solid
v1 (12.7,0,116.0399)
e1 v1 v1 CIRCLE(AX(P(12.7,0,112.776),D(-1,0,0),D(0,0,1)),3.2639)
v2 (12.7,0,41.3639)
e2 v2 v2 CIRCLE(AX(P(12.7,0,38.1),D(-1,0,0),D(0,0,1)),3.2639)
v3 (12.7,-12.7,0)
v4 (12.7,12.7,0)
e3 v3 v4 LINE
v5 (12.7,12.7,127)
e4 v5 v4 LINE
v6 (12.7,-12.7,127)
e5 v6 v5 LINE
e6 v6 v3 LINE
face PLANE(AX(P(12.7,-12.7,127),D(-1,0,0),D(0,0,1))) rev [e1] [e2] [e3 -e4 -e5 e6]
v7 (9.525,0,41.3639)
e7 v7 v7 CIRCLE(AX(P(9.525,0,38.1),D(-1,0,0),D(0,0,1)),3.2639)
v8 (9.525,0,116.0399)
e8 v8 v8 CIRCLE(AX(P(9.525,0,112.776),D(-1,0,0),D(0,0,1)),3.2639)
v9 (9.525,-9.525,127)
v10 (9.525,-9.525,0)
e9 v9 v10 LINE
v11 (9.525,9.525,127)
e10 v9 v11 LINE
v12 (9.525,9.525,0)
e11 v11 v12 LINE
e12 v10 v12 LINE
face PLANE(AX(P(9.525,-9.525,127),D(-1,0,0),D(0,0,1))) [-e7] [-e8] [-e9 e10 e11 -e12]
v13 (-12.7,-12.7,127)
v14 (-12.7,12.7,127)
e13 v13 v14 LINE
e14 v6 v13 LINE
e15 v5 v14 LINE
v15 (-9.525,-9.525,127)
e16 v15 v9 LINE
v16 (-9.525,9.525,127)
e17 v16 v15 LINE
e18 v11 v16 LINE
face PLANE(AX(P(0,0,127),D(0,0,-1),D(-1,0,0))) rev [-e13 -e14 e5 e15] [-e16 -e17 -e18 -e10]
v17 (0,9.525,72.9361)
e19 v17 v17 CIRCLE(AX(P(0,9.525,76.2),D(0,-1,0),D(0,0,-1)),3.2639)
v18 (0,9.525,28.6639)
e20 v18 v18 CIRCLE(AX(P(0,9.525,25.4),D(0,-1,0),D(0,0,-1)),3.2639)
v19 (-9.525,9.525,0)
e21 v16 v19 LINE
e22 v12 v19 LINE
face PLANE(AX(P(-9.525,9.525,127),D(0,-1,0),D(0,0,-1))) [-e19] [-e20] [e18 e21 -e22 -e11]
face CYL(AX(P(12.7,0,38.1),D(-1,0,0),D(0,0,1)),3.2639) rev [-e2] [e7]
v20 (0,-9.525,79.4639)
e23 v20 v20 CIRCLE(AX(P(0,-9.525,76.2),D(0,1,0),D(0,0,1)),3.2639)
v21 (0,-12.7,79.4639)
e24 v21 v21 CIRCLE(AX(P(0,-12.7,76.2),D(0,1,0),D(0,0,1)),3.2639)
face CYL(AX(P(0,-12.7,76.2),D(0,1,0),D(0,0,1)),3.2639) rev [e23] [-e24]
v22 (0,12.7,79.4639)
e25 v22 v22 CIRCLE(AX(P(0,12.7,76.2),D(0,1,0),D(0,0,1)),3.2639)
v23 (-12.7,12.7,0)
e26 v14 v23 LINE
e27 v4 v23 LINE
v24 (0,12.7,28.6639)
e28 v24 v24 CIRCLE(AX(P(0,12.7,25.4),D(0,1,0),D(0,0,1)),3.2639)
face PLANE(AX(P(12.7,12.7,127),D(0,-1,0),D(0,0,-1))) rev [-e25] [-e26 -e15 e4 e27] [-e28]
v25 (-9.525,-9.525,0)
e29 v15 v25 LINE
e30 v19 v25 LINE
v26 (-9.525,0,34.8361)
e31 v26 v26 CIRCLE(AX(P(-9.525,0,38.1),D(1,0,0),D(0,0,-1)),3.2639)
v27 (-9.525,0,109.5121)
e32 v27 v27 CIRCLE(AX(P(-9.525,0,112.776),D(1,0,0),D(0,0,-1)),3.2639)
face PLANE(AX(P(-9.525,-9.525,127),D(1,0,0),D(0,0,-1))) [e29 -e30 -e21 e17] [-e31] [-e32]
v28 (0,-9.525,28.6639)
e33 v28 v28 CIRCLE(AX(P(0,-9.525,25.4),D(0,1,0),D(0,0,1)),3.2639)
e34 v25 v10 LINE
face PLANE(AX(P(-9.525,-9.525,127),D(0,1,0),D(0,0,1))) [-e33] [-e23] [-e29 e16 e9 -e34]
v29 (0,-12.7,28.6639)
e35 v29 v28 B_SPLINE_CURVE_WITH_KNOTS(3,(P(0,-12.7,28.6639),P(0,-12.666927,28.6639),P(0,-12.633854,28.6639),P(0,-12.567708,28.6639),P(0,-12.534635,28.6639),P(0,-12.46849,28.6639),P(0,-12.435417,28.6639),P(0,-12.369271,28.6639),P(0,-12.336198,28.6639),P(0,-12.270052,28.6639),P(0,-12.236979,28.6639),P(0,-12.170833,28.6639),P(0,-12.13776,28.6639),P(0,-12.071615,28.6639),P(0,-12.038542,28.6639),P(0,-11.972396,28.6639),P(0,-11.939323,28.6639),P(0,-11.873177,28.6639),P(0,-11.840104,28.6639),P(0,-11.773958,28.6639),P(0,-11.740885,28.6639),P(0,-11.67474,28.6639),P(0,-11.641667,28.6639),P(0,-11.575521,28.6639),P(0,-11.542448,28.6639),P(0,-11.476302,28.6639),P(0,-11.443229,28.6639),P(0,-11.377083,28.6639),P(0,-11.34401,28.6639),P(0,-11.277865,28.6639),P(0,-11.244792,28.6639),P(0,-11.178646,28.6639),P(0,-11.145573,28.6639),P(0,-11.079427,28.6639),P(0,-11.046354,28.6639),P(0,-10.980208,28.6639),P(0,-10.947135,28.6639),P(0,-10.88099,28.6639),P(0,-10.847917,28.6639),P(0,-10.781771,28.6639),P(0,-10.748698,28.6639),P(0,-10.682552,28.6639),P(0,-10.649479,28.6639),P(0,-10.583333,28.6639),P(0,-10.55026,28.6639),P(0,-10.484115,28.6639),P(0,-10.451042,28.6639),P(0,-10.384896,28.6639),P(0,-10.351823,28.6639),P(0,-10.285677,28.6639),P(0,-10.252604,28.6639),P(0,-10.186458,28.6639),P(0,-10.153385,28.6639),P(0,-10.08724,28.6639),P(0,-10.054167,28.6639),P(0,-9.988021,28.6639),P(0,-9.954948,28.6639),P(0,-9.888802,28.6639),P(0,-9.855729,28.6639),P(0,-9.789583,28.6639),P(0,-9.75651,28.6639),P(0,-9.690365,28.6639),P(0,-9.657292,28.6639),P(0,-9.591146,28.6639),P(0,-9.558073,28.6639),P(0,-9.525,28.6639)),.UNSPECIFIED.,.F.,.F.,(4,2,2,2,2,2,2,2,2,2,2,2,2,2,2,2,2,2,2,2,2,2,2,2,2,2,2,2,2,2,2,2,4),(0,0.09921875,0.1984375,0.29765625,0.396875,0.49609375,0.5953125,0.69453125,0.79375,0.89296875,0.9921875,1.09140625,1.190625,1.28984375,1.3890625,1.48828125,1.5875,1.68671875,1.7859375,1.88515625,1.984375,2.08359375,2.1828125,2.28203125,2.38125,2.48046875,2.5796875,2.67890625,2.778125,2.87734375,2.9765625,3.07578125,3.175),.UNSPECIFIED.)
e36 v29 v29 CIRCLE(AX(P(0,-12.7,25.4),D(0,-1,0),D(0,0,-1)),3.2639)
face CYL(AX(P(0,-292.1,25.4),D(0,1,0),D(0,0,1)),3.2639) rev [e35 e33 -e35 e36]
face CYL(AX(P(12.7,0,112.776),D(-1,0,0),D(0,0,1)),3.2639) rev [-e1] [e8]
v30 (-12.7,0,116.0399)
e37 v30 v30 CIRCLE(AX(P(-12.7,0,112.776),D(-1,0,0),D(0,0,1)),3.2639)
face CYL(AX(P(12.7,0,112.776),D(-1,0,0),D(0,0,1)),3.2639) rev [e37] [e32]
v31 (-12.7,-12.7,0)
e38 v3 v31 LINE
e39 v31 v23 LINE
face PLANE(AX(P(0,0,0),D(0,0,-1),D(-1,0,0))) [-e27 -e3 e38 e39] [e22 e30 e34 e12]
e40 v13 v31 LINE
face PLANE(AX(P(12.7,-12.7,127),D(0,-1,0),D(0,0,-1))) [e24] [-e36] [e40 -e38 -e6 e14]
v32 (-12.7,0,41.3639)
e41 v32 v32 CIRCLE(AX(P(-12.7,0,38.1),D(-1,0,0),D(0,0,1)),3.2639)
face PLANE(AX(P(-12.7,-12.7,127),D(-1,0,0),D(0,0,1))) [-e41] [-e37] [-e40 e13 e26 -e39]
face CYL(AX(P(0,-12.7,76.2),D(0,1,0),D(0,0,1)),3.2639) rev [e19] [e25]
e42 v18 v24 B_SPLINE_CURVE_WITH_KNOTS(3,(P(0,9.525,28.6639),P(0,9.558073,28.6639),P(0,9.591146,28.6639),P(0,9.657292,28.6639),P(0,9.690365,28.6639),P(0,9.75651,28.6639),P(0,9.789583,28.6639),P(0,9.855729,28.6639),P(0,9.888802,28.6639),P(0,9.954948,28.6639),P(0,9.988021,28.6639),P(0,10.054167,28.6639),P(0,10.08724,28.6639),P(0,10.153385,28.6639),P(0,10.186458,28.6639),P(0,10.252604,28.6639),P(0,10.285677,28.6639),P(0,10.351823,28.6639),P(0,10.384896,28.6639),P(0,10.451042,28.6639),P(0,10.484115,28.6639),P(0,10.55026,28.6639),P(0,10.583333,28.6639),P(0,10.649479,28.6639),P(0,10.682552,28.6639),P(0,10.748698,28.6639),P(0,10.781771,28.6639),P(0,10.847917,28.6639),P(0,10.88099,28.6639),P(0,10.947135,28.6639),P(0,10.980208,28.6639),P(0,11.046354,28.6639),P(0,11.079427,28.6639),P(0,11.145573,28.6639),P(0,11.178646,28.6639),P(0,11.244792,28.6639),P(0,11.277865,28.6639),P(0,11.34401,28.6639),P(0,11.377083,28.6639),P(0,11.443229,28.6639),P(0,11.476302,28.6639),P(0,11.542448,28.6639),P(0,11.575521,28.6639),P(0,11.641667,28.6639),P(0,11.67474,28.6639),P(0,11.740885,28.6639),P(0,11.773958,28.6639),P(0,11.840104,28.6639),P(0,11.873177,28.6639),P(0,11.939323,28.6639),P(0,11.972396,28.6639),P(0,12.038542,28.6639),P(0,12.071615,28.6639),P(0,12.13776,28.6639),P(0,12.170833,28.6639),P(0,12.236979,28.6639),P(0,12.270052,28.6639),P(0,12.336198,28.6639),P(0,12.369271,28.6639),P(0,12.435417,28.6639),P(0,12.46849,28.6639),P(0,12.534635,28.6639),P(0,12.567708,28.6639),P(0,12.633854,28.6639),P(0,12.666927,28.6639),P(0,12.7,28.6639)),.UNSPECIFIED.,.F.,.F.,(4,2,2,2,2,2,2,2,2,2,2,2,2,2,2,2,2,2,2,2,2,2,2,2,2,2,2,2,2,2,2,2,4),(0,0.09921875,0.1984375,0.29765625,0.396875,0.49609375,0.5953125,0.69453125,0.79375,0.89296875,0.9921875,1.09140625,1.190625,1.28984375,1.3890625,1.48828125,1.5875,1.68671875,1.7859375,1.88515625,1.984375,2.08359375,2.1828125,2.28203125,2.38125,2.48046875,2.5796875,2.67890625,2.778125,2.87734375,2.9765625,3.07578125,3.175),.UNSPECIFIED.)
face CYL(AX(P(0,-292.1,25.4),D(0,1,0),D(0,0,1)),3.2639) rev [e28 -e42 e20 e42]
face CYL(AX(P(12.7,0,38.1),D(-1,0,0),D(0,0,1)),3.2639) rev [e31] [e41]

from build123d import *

# Parameters (mm, degrees)
SKETCH2_W           = 25.4
SKETCH2_H           = 25.4
BOSS_EXTRUDE1_DEPTH = 127
SKETCH4_W           = 19.05
SKETCH4_H           = 19.05
CUT_EXTRUDE1_DEPTH  = 129.263712717
SKETCH5_R           = 3.2639
CUT_EXTRUDE2_DEPTH  = 304.8
SKETCH6_R           = 3.2639
CUT_EXTRUDE3_DEPTH  = 131.136274728
SKETCH7_R           = 3.2639
CUT_EXTRUDE4_DEPTH  = 131.136274728


with BuildPart() as part:
    # Sketch2 → Boss-Extrude1 (new body)
    with BuildSketch(Plane.XY):
        Rectangle(SKETCH2_W, SKETCH2_H)
    extrude(amount=BOSS_EXTRUDE1_DEPTH)

    # Sketch4 → Cut-Extrude1 (cut, through all)
    with BuildSketch(Plane.XY):
        Rectangle(SKETCH4_W, SKETCH4_H)
    extrude(amount=CUT_EXTRUDE1_DEPTH, mode=Mode.SUBTRACT)

    # Sketch5 → Cut-Extrude2 (cut)
    with BuildSketch(Plane(origin=(0, 12.7, 0), x_dir=(1, 0, 0), z_dir=(0, 1, 0))):
        with Locations(Location((0, -25.4, 0), (0, 0, 270))):
            Circle(SKETCH5_R)
    extrude(amount=-CUT_EXTRUDE2_DEPTH, mode=Mode.SUBTRACT)

    # Sketch6 → Cut-Extrude3 (cut, through all)
    with BuildSketch(Plane(origin=(0, 12.7, 0), x_dir=(1, 0, 0), z_dir=(0, 1, 0))):
        with Locations(Location((0, -76.2, 0), (0, 0, 270))):
            Circle(SKETCH6_R)
    extrude(amount=-CUT_EXTRUDE3_DEPTH, mode=Mode.SUBTRACT)

    # Sketch7 → Cut-Extrude4 (cut, through all)
    with BuildSketch(Plane.ZY.offset(12.7)):
        with Locations((38.1, 0)):
            Circle(SKETCH7_R)
        with Locations((112.776, 0)):
            Circle(SKETCH7_R)
    extrude(amount=-CUT_EXTRUDE4_DEPTH, mode=Mode.SUBTRACT)


solid = part.part
